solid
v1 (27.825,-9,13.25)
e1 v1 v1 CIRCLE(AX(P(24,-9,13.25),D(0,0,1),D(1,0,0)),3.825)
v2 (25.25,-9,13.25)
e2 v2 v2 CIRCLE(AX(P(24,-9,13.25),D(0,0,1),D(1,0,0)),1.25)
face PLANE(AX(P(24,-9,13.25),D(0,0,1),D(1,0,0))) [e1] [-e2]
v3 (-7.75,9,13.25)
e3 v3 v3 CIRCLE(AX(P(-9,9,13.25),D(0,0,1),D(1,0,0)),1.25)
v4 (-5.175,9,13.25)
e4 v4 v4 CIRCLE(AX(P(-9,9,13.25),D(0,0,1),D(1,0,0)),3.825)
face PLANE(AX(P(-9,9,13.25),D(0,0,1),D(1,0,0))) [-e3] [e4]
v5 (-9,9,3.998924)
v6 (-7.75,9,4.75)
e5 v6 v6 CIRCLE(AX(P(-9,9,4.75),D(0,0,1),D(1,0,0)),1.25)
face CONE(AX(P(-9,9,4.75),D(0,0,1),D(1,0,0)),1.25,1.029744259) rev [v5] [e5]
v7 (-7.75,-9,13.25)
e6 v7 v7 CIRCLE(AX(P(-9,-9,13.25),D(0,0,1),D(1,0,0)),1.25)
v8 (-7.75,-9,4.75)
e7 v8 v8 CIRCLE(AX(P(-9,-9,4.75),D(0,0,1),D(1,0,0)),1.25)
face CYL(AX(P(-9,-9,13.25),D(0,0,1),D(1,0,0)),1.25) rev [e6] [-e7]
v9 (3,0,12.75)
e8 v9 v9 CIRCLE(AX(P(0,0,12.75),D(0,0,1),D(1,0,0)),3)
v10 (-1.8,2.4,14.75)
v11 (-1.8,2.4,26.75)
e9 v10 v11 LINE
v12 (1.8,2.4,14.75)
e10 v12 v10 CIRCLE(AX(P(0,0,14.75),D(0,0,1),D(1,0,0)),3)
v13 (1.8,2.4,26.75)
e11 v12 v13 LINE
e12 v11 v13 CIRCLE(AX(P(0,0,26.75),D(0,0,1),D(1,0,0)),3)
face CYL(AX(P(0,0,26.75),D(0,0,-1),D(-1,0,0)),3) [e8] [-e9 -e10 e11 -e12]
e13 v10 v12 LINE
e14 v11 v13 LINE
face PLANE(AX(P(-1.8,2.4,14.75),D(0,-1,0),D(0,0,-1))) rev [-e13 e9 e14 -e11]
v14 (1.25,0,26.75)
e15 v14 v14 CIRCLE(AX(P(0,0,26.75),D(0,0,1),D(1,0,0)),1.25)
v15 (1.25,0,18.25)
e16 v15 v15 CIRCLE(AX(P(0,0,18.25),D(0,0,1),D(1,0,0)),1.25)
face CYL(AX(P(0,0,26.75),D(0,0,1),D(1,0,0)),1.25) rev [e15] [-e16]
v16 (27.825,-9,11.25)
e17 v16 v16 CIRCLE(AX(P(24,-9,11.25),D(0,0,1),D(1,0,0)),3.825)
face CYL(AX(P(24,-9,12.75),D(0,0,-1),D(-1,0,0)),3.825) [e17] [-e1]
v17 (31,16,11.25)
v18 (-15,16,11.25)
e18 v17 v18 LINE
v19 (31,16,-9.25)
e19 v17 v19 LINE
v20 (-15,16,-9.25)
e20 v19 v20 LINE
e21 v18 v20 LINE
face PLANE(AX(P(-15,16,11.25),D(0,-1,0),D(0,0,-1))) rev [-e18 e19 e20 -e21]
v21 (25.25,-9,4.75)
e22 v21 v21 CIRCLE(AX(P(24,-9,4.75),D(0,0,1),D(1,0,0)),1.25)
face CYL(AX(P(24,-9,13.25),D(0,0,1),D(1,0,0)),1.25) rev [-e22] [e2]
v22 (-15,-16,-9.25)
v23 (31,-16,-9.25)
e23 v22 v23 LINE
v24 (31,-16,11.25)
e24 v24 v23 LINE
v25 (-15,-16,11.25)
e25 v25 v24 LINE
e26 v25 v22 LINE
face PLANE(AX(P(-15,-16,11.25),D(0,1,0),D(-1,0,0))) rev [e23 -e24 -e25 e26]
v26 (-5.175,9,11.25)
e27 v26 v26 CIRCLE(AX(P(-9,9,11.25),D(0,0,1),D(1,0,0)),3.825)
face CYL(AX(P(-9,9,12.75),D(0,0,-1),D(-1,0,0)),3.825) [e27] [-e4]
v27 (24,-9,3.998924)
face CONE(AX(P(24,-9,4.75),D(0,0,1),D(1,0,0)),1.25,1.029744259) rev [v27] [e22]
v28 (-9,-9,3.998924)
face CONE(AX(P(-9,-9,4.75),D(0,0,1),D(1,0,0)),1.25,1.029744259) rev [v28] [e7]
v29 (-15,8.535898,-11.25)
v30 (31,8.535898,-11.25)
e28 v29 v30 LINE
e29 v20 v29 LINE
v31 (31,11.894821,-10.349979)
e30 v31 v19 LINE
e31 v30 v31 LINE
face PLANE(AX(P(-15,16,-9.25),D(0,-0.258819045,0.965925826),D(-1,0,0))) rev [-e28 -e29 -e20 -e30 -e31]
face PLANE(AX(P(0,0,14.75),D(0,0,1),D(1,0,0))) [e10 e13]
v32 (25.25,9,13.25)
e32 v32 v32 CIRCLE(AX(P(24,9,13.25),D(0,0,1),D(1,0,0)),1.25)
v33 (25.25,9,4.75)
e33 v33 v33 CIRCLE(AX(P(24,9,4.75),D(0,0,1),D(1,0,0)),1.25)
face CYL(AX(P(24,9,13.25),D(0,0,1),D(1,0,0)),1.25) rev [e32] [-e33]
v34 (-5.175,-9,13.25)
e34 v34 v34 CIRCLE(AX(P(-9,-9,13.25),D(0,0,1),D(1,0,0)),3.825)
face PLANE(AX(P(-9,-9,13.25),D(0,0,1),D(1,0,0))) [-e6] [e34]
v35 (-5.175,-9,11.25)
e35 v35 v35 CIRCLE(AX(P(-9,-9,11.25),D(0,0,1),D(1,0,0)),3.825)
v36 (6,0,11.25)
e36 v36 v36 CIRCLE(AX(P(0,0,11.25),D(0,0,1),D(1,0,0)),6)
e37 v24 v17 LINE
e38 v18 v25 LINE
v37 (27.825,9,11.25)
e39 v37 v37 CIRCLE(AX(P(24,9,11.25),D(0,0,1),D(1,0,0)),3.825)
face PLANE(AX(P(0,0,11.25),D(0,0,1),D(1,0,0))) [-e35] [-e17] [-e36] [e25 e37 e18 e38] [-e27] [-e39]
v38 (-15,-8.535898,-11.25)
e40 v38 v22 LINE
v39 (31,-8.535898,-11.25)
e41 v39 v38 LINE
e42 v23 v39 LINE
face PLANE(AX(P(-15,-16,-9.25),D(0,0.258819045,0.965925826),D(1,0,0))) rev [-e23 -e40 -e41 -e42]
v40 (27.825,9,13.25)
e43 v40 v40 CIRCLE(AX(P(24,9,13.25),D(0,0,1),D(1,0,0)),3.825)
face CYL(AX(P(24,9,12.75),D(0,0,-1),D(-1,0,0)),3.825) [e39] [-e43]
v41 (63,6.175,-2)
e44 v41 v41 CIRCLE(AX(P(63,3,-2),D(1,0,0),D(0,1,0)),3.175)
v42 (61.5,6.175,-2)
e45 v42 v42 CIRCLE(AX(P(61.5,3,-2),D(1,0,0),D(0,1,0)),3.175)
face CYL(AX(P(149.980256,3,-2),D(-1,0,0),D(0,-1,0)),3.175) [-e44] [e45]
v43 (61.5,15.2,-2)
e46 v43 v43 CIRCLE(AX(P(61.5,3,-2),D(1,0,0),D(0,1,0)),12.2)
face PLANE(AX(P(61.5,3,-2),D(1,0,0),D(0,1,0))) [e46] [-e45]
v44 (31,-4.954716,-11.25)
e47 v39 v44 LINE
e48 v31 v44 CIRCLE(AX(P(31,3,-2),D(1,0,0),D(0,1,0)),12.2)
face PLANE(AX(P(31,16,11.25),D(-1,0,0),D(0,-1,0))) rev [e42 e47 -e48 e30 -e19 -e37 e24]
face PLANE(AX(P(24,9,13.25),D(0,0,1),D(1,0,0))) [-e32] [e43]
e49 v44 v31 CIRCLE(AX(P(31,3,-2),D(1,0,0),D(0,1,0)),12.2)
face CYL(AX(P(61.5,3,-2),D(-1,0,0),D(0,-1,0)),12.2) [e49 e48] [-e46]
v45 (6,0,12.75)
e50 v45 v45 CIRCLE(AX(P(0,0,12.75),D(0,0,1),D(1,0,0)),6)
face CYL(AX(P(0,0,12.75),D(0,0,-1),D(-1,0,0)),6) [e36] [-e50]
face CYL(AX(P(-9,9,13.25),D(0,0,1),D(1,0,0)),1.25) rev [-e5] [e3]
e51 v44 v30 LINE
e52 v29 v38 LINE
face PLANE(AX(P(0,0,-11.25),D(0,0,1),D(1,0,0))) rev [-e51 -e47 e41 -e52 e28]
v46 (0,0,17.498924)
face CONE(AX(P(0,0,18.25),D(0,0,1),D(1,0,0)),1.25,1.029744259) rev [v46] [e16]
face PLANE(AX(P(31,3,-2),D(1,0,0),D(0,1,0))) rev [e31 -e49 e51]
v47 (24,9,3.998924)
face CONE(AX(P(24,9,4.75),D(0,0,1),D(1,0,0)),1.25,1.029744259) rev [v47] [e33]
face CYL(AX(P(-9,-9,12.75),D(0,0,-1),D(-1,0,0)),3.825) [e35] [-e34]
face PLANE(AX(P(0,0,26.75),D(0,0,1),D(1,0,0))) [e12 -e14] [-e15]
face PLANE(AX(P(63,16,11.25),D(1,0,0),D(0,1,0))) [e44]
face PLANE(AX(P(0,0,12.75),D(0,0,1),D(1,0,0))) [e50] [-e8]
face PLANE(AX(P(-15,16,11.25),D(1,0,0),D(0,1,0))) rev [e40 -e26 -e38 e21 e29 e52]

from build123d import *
from OCP.BRepFilletAPI import BRepFilletAPI_MakeChamfer

# Parameters (mm, degrees)
SKETCH3_W             = 46
SKETCH3_H             = 32
BOSS_EXTRUDE1_DEPTH   = 11.25
SKETCH5_R             = 6
SKETCH5_R_2           = 3.825
BOSS_EXTRUDE2_DEPTH   = 1.5
MOVE_FACE1_BY         = 0.5
MOVE_FACE1_2_BY       = 0.5
MOVE_FACE1_3_BY       = 0.5
MOVE_FACE1_4_BY       = 0.5
SKETCH6_R             = 3
BOSS_EXTRUDE3_DEPTH   = 14
SKETCH7_W             = 3.6
SKETCH7_H             = 0.6
CUT_EXTRUDE1_DEPTH    = 12
M3_TAPPED_HOLE1_D     = 2.5
M3_TAPPED_HOLE1_DEPTH = 8.5
M3_TAPPED_HOLE1_TIP   = 0.751075774
M3_TAPPED_HOLE2_D     = 2.5
M3_TAPPED_HOLE2_DEPTH = 8.5
M3_TAPPED_HOLE2_TIP   = 0.751075774
CHAMFER1_SIZE         = 2
CHAMFER1_SIZE2        = 7.464101615
SKETCH13_R            = 12.2
BOSS_EXTRUDE4_DEPTH   = 30.5
SKETCH14_R            = 3.175
BOSS_EXTRUDE6_DEPTH   = 1.5


with BuildPart() as part:
    # Sketch3 → Boss-Extrude1 (new, symmetric)
    with BuildSketch(Plane.XY):
        with Locations((8, 0)):
            Rectangle(SKETCH3_W, SKETCH3_H)
    extrude(amount=BOSS_EXTRUDE1_DEPTH, both=True)

    # Sketch5 → Boss-Extrude2 (add)
    with BuildSketch(Plane.XY.offset(11.25)):
        Circle(SKETCH5_R)
        with Locations((-9, 9)):
            Circle(SKETCH5_R_2)
        with Locations((-9, -9)):
            Circle(SKETCH5_R_2)
        with Locations((24, 9)):
            Circle(SKETCH5_R_2)
        with Locations((24, -9)):
            Circle(SKETCH5_R_2)
    extrude(amount=BOSS_EXTRUDE2_DEPTH)

    # Move Face1: a face moved outward by 0.5
    extrude(part.faces().sort_by_distance((24, -9, 12.75))[0], amount=MOVE_FACE1_BY, dir=(0, 0, 1))

    # Move Face1 2: a face moved outward by 0.5
    extrude(part.faces().sort_by_distance((24, 9, 12.75))[0], amount=MOVE_FACE1_2_BY, dir=(0, 0, 1))

    # Move Face1 3: a face moved outward by 0.5
    extrude(part.faces().sort_by_distance((-9, -9, 12.75))[0], amount=MOVE_FACE1_3_BY, dir=(0, 0, 1))

    # Move Face1 4: a face moved outward by 0.5
    extrude(part.faces().sort_by_distance((-9, 9, 12.75))[0], amount=MOVE_FACE1_4_BY, dir=(0, 0, 1))

    # Sketch6 → Boss-Extrude3 (add)
    with BuildSketch(Plane.XY.offset(12.75)):
        Circle(SKETCH6_R)
    extrude(amount=BOSS_EXTRUDE3_DEPTH)

    # Sketch7 → Cut-Extrude1 (cut)
    with BuildSketch(Plane.XY.offset(26.75)):
        with Locations((0, 2.7)):
            Rectangle(SKETCH7_W, SKETCH7_H)
    extrude(amount=-CUT_EXTRUDE1_DEPTH, mode=Mode.SUBTRACT)

    # M3 Tapped Hole1
    with Locations(Plane.XY.offset(13.25)):
        with Locations((-9, 9), (-9, -9), (24, 9), (24, -9)):
            Hole(M3_TAPPED_HOLE1_D / 2, depth=M3_TAPPED_HOLE1_DEPTH)
            with Locations((0, 0, -(M3_TAPPED_HOLE1_DEPTH + M3_TAPPED_HOLE1_TIP / 2))):  # 118° drill point
                Cone(0, M3_TAPPED_HOLE1_D / 2, M3_TAPPED_HOLE1_TIP, mode=Mode.SUBTRACT)

    # M3 Tapped Hole2
    with Locations(Plane.XY.offset(26.75)):
        with Locations((0, 0)):
            Hole(M3_TAPPED_HOLE2_D / 2, depth=M3_TAPPED_HOLE2_DEPTH)
            with Locations((0, 0, -(M3_TAPPED_HOLE2_DEPTH + M3_TAPPED_HOLE2_TIP / 2))):  # 118° drill point
                Cone(0, M3_TAPPED_HOLE2_D / 2, M3_TAPPED_HOLE2_TIP, mode=Mode.SUBTRACT)

    # Chamfer1: one chamfer whose edges measure the first distance from different faces: ONE call of the kernel's chamfer builder (chamfer() names one face for all edges)
    chamfer1_edges_1 = [part.edges().sort_by_distance(p)[0] for p in [
        (8, 16, -11.25),
    ]]
    chamfer1_side_1 = [part.faces().sort_by_distance(p)[0] for p in [
        (8, 16, 0),
    ]]
    chamfer1_edges_2 = [part.edges().sort_by_distance(p)[0] for p in [
        (8, -16, -11.25),
    ]]
    chamfer1_side_2 = [part.faces().sort_by_distance(p)[0] for p in [
        (8, -16, 0),
    ]]
    chamfer1 = BRepFilletAPI_MakeChamfer(part.part.solid().wrapped)
    for e in chamfer1_edges_1:
        chamfer1.Add(CHAMFER1_SIZE, CHAMFER1_SIZE2, e.wrapped, chamfer1_side_1[0].wrapped)  # the first distance lies on this face
    for e in chamfer1_edges_2:
        chamfer1.Add(CHAMFER1_SIZE, CHAMFER1_SIZE2, e.wrapped, chamfer1_side_2[0].wrapped)  # the first distance lies on this face
    add(Compound.cast(chamfer1.Shape()), mode=Mode.REPLACE)

    # Sketch13 → Boss-Extrude4 (add)
    with BuildSketch(Plane(origin=(31, 0, 0), x_dir=(0, 0, -1), z_dir=(1, 0, 0))):
        with Locations(Location((2, 3, 0), (0, 0, 319.305481692))):
            Circle(SKETCH13_R)
    extrude(amount=BOSS_EXTRUDE4_DEPTH)

    # Sketch14 → Boss-Extrude6 (add)
    with BuildSketch(Plane(origin=(61.5, 0, 0), x_dir=(0, 0, -1), z_dir=(1, 0, 0))):
        with Locations(Location((2, 3, 0), (0, 0, 90))):
            Circle(SKETCH14_R)
    extrude(amount=BOSS_EXTRUDE6_DEPTH)


solid = part.part
